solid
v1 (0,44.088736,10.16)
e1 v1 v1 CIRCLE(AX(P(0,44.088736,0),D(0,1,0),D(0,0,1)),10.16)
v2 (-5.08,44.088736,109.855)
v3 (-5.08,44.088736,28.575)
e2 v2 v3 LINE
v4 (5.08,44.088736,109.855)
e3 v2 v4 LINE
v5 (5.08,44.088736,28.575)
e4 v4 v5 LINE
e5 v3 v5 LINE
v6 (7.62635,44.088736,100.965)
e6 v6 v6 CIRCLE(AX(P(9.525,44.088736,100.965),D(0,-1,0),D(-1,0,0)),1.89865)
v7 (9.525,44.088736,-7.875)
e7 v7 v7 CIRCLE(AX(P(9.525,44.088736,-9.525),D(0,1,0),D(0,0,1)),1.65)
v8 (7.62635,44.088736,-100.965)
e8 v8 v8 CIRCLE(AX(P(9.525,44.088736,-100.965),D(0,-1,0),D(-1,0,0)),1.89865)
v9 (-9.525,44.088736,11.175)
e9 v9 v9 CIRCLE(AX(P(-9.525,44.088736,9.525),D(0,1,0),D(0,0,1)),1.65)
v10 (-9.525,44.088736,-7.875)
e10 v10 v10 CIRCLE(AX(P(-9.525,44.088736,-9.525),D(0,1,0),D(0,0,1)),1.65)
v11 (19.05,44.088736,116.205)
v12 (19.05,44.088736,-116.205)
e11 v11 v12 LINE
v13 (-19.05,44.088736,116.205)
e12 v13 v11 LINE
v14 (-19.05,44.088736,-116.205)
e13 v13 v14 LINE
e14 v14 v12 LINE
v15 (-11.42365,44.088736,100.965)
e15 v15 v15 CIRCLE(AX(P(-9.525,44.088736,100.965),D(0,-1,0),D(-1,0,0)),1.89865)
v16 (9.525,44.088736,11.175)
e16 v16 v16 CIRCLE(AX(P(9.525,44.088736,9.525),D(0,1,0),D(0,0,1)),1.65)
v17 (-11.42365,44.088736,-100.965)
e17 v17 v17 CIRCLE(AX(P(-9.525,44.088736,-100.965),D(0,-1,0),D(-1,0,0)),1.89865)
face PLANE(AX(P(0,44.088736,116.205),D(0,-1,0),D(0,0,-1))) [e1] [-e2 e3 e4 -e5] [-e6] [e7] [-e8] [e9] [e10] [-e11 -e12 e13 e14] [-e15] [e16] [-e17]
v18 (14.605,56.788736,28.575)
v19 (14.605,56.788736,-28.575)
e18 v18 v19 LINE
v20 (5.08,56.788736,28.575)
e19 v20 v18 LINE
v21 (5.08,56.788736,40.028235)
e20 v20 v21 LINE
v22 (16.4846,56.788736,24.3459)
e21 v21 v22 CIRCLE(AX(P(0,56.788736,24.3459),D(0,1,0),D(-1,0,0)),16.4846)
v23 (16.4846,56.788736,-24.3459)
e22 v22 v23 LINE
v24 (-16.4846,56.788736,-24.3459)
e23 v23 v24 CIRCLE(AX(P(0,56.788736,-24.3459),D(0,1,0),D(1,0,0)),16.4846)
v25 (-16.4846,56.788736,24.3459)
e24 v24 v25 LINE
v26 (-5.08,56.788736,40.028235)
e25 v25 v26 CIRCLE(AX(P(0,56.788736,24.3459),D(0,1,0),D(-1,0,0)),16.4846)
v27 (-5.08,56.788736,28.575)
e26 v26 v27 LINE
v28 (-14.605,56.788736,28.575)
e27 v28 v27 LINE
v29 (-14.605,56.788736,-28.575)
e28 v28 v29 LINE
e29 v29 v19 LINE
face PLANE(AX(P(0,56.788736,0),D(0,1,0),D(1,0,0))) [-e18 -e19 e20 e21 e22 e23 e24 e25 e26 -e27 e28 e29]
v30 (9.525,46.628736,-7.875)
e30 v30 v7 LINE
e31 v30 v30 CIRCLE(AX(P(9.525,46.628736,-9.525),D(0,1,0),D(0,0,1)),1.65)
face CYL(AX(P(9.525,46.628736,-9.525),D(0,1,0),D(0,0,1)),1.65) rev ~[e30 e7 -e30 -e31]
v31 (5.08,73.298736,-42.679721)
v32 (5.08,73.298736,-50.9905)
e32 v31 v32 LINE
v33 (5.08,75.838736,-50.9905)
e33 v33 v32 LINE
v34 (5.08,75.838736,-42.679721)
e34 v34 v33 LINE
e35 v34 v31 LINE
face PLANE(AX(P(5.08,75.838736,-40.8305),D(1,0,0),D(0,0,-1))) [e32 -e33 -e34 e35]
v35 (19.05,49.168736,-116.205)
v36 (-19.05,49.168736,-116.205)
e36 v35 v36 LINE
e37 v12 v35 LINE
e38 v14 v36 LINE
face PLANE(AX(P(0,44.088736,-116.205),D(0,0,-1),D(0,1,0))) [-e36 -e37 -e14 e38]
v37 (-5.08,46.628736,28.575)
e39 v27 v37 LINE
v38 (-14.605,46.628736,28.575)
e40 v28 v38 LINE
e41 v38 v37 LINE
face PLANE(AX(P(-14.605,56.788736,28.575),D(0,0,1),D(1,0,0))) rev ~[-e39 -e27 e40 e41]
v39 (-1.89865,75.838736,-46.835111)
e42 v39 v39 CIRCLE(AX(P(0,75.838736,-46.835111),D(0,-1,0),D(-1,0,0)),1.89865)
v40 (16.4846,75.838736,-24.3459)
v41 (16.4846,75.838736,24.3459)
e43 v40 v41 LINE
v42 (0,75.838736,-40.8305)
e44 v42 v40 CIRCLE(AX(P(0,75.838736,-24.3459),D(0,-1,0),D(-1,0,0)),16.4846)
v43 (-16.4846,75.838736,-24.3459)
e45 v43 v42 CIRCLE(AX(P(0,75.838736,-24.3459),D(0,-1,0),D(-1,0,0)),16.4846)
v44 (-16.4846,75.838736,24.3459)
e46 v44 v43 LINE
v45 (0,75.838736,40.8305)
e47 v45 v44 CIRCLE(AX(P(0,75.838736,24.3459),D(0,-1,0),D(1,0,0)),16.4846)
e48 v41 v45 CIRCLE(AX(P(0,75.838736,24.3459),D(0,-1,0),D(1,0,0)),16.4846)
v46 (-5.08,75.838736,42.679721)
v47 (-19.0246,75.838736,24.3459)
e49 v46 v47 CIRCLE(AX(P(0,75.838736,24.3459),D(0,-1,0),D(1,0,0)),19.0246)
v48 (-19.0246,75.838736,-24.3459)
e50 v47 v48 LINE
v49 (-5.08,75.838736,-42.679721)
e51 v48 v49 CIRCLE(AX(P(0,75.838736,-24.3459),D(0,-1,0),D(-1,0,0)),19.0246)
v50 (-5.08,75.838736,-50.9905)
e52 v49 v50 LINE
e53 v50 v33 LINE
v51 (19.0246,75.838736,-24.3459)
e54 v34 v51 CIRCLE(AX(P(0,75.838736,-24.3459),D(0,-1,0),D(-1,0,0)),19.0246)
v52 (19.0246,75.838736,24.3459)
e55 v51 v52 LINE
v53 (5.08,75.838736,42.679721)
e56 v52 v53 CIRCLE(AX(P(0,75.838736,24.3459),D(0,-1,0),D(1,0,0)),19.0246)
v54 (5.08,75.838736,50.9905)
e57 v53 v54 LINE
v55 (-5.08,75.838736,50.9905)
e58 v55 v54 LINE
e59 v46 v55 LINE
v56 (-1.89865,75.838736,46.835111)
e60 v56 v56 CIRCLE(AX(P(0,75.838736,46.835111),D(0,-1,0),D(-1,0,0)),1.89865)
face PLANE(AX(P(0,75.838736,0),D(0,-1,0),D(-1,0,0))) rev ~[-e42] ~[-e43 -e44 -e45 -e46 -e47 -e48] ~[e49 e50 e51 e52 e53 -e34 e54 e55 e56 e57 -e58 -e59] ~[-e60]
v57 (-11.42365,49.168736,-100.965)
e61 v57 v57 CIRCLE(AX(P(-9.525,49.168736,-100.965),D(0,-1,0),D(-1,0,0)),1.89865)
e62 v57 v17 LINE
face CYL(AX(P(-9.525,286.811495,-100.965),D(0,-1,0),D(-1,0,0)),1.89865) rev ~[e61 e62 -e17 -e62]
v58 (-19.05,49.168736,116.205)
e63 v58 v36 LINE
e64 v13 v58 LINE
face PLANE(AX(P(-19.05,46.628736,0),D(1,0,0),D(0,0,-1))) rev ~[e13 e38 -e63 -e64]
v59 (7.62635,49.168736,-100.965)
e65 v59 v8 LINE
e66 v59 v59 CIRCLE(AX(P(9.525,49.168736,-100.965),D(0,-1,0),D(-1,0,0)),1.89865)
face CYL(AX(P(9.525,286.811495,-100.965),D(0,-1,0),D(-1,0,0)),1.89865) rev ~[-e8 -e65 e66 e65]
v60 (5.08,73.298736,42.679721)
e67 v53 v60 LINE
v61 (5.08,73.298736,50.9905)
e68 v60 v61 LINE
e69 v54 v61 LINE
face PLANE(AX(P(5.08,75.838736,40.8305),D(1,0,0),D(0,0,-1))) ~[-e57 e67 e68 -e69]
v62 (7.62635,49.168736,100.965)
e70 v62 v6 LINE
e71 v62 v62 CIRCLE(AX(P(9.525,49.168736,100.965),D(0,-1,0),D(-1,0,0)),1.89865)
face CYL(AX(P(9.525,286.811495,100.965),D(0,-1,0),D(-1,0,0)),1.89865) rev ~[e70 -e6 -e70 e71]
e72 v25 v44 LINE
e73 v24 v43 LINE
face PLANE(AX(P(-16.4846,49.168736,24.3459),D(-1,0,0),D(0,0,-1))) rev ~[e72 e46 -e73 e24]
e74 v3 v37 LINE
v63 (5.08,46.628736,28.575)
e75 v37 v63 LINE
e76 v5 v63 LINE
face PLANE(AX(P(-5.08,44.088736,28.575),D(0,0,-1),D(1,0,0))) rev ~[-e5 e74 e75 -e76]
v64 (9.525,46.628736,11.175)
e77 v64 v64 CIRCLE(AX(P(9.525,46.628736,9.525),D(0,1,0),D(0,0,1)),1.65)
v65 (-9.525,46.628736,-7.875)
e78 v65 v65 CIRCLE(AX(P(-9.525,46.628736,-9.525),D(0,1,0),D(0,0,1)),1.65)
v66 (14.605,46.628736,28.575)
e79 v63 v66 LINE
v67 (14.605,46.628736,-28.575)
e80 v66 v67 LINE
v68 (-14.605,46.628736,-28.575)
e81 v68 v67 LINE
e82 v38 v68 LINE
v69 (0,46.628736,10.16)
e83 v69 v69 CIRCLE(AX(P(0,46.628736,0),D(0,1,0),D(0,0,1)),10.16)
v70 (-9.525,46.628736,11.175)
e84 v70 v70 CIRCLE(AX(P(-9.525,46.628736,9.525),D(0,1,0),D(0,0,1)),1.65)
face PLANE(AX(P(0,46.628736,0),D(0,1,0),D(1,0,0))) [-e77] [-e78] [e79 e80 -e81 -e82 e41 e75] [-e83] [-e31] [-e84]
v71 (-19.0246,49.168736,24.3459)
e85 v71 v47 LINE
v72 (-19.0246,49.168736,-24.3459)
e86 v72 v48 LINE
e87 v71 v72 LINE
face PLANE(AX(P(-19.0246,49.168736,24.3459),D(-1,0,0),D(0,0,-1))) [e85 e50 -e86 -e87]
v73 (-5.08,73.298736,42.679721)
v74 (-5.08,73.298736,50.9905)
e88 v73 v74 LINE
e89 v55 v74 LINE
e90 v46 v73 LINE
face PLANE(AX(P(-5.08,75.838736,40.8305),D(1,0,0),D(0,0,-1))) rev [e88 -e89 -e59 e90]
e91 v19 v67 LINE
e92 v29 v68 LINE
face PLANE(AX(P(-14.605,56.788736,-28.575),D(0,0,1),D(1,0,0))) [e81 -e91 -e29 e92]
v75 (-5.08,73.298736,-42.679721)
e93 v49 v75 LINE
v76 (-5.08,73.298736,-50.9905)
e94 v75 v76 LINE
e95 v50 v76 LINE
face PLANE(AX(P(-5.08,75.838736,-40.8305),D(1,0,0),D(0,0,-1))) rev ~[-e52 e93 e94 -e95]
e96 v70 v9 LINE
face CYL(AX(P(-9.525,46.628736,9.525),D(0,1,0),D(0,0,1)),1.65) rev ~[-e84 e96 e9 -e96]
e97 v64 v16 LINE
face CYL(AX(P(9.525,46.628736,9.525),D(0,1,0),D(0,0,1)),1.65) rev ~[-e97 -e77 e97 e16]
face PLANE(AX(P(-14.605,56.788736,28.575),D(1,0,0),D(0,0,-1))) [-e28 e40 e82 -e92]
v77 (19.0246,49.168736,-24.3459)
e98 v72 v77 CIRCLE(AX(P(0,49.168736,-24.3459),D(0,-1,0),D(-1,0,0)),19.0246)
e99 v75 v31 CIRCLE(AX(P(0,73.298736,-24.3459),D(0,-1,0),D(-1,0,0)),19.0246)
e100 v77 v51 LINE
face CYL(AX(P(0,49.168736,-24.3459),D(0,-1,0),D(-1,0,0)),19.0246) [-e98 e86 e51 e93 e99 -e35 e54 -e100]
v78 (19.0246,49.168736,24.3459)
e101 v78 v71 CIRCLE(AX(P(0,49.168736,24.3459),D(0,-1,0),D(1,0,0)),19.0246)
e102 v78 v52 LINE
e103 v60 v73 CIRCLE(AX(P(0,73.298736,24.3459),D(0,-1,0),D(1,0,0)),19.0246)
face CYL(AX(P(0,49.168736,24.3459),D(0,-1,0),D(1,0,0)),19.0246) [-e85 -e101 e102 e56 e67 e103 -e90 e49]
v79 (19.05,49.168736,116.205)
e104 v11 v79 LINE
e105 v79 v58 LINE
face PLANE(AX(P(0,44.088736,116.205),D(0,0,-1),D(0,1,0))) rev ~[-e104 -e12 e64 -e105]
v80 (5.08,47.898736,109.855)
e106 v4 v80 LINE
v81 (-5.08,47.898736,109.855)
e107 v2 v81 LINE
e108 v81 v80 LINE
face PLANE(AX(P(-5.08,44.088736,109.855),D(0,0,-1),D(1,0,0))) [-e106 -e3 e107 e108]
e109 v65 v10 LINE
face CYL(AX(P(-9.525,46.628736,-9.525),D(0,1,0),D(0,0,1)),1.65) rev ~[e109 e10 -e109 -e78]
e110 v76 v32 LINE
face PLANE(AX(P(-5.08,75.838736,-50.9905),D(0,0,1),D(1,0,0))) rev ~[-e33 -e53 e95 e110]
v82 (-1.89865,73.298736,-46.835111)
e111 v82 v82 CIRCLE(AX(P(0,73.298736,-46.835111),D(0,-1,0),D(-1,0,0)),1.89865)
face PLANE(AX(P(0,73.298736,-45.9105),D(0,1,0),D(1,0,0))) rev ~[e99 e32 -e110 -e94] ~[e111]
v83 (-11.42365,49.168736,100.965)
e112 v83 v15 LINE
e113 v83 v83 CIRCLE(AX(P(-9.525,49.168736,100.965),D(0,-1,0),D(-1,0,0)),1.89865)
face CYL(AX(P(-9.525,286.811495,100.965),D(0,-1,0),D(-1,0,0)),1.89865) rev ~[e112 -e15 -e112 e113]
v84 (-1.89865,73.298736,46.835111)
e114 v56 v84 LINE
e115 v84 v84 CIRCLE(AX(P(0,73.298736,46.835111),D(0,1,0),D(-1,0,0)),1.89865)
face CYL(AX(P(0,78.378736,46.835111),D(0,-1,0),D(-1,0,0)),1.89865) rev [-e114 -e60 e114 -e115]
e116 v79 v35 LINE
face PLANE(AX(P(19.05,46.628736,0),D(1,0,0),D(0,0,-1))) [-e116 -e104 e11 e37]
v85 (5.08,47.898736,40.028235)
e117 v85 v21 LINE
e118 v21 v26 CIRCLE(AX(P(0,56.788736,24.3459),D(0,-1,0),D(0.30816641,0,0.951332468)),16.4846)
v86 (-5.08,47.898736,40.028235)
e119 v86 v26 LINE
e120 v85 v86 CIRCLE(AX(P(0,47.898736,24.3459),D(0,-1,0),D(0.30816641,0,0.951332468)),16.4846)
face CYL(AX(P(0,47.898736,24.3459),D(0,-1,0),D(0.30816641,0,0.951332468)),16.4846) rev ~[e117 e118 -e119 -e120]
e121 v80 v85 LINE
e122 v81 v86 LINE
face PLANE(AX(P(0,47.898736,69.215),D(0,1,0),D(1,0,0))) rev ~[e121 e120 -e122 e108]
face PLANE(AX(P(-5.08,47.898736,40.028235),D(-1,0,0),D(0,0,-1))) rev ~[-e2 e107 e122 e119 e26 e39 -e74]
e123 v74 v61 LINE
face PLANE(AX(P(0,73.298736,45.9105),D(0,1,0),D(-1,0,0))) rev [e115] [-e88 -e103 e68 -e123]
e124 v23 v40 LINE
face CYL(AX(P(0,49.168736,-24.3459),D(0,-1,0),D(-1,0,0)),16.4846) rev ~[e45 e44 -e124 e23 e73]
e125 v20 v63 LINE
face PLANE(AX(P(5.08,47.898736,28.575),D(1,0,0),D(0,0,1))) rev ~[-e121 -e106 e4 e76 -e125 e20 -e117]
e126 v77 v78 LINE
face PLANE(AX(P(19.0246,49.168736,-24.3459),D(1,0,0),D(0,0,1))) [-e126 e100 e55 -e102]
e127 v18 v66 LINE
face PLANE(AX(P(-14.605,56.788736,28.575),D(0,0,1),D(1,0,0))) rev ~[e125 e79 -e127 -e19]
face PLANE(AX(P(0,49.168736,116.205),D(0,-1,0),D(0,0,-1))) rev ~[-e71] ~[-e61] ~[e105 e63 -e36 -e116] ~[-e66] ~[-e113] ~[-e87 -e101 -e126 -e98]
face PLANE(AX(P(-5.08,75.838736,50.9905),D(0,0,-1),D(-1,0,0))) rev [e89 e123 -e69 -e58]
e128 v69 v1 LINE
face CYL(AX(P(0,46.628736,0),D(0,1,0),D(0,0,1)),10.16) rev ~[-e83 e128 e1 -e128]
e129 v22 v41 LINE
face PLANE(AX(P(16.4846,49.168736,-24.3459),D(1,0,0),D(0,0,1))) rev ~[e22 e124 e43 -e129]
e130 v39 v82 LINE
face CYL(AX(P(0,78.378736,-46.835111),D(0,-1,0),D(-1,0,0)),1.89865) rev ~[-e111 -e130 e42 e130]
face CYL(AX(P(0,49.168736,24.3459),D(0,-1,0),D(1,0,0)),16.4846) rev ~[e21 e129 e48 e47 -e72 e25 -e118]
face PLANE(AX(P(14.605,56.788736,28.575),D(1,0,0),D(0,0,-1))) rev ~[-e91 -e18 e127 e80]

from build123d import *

# Parameters (mm, degrees)
ESQUISSE1_W             = 232.41
ESQUISSE1_H             = 5.08
EXTRU_MINCE1_DEPTH      = 19.05
EXTRU_MINCE2_DEPTH      = 26.67
BOSS_EXTRU_2_DEPTH      = 7.62
ESQUISSE2_W             = 29.21
ESQUISSE2_H             = 57.15
ENL_V_MAT_EXTRU_1_DEPTH = 10.16
ENL_V_MAT_EXTRU_2_REACH = 123.325
ESQUISSE7_R             = 1.65
ESQUISSE8_R             = 10.16
ENL_V_MAT_EXTRU_3_DEPTH = 122.324888729
ESQUISSE9_W             = 10.16
ESQUISSE9_H             = 10.16
BOSS_EXTRU_1_DEPTH      = 2.54
D_GAGEMENT_61_D         = 3.7973
D_GAGEMENT_61_DEPTH     = 2.54
ESQUISSE12_W            = 10.16
ESQUISSE12_H            = 81.28
ENL_V_MAT_EXTRU_4_DEPTH = 3.81
ENL_V_START             = -8.89
ENL_V_MAT_EXTRU_5_DEPTH = 8.89
D_GAGEMENT_62_D         = 3.7973


with BuildPart() as part:
    # Esquisse1 → Extru.-Mince1 (new, symmetric)
    with BuildSketch(Plane(origin=(0, 0, 0), x_dir=(0, 0, -1), z_dir=(1, 0, 0))):
        with Locations((0, 46.628736397)):
            Rectangle(ESQUISSE1_W, ESQUISSE1_H)
    extrude(amount=EXTRU_MINCE1_DEPTH, both=True)

    # Esquisse6 → Extru.-Mince2 (add)
    with BuildSketch(Plane(origin=(0, 49.168736397, 0), x_dir=(1, 0, 0), z_dir=(0, 1, 0))):
        with BuildLine():
            Line((-19.0246, -24.3459), (-19.0246, 24.3459))
            ThreePointArc((-19.0246, 24.3459), (0, 43.3705), (19.0246, 24.3459))
            Line((19.0246, 24.3459), (19.0246, -24.3459))
            ThreePointArc((19.0246, -24.3459), (0, -43.3705), (-19.0246, -24.3459))
        make_face()
        with BuildLine():
            Line((-16.4846, -24.3459), (-16.4846, 24.3459))
            ThreePointArc((-16.4846, 24.3459), (0, 40.8305), (16.4846, 24.3459))
            Line((16.4846, 24.3459), (16.4846, -24.3459))
            ThreePointArc((16.4846, -24.3459), (0, -40.8305), (-16.4846, -24.3459))
        make_face(mode=Mode.SUBTRACT)
    extrude(amount=EXTRU_MINCE2_DEPTH)

    # Esquisse13 → Boss.-Extru.2 (add)
    with BuildSketch(Plane(origin=(0, 49.168736397, 0), x_dir=(1, 0, 0), z_dir=(0, 1, 0))):
        with BuildLine():
            Line((-16.4846, 24.3459), (-16.4846, -24.3459))
            ThreePointArc((-16.4846, -24.3459), (0, -40.8305), (16.4846, -24.3459))
            Line((16.4846, -24.3459), (16.4846, 24.3459))
            ThreePointArc((16.4846, 24.3459), (0, 40.8305), (-16.4846, 24.3459))
        make_face()
    extrude(amount=BOSS_EXTRU_2_DEPTH)

    # Esquisse2 → Enlèv. mat.-Extru.1 (cut)
    with BuildSketch(Plane(origin=(0, 56.788736397, 0), x_dir=(1, 0, 0), z_dir=(0, 1, 0))):
        Rectangle(ESQUISSE2_W, ESQUISSE2_H)
    extrude(amount=-ENL_V_MAT_EXTRU_1_DEPTH, mode=Mode.SUBTRACT)

    # Esquisse7 → Enlèv. mat.-Extru.2 (cut, up to next)
    with BuildSketch(Plane(origin=(0, 46.628736397, 0), x_dir=(1, 0, 0), z_dir=(0, 1, 0)), mode=Mode.PRIVATE) as enl_v_mat_extru_2_sk1:
        with Locations(Location((-9.525, 9.525, 0), (0, 0, 270))):
            Circle(ESQUISSE7_R)
    enl_v_mat_extru_2_tool1 = extrude(enl_v_mat_extru_2_sk1.sketch, amount=-ENL_V_MAT_EXTRU_2_REACH, mode=Mode.PRIVATE) & part.part
    # Esquisse7 → Enlèv. mat.-Extru.2 (cut, up to next)
    with BuildSketch(Plane(origin=(0, 46.628736397, 0), x_dir=(1, 0, 0), z_dir=(0, 1, 0)), mode=Mode.PRIVATE) as enl_v_mat_extru_2_sk2:
        with Locations(Location((9.525, 9.525, 0), (0, 0, 270))):
            Circle(ESQUISSE7_R)
    enl_v_mat_extru_2_tool2 = extrude(enl_v_mat_extru_2_sk2.sketch, amount=-ENL_V_MAT_EXTRU_2_REACH, mode=Mode.PRIVATE) & part.part
    # Esquisse7 → Enlèv. mat.-Extru.2 (cut, up to next)
    with BuildSketch(Plane(origin=(0, 46.628736397, 0), x_dir=(1, 0, 0), z_dir=(0, 1, 0)), mode=Mode.PRIVATE) as enl_v_mat_extru_2_sk3:
        with Locations(Location((9.525, -9.525, 0), (0, 0, 270))):
            Circle(ESQUISSE7_R)
    enl_v_mat_extru_2_tool3 = extrude(enl_v_mat_extru_2_sk3.sketch, amount=-ENL_V_MAT_EXTRU_2_REACH, mode=Mode.PRIVATE) & part.part
    # Esquisse7 → Enlèv. mat.-Extru.2 (cut, up to next)
    with BuildSketch(Plane(origin=(0, 46.628736397, 0), x_dir=(1, 0, 0), z_dir=(0, 1, 0)), mode=Mode.PRIVATE) as enl_v_mat_extru_2_sk4:
        with Locations(Location((-9.525, -9.525, 0), (0, 0, 270))):
            Circle(ESQUISSE7_R)
    enl_v_mat_extru_2_tool4 = extrude(enl_v_mat_extru_2_sk4.sketch, amount=-ENL_V_MAT_EXTRU_2_REACH, mode=Mode.PRIVATE) & part.part
    add(enl_v_mat_extru_2_tool1.solids().sort_by_distance((-9.525, 46.628736, -9.525))[0], mode=Mode.SUBTRACT)
    add(enl_v_mat_extru_2_tool2.solids().sort_by_distance((9.525, 46.628736, -9.525))[0], mode=Mode.SUBTRACT)
    add(enl_v_mat_extru_2_tool3.solids().sort_by_distance((9.525, 46.628736, 9.525))[0], mode=Mode.SUBTRACT)
    add(enl_v_mat_extru_2_tool4.solids().sort_by_distance((-9.525, 46.628736, 9.525))[0], mode=Mode.SUBTRACT)

    # Esquisse8 → Enlèv. mat.-Extru.3 (cut, through all)
    with BuildSketch(Plane(origin=(0, 46.628736397, 0), x_dir=(1, 0, 0), z_dir=(0, 1, 0))):
        with Locations(Location((0, 0, 0), (0, 0, 270))):
            Circle(ESQUISSE8_R)
    extrude(amount=-ENL_V_MAT_EXTRU_3_DEPTH, mode=Mode.SUBTRACT)

    # Esquisse9 → Boss.-Extru.1 (add)
    with BuildSketch(Plane(origin=(0, 75.838736397, 0), x_dir=(1, 0, 0), z_dir=(0, 1, 0))):
        with Locations((0, 45.9105)):
            Rectangle(ESQUISSE9_W, ESQUISSE9_H)
    boss_extru_1 = extrude(amount=-BOSS_EXTRU_1_DEPTH)

    # Dégagement #61
    with Locations(Plane(origin=(0, 75.838736397, 0), x_dir=(1, 0, 0), z_dir=(0, 1, 0))):
        with Locations((0, 46.835110673)):
            d_gagement_61 = Hole(D_GAGEMENT_61_D / 2, depth=D_GAGEMENT_61_DEPTH)

    # Symétrie1: Boss.-Extru.1, Dégagement #61 across plane
    add(boss_extru_1.mirror(Plane.XY))
    add(d_gagement_61.mirror(Plane.XY), mode=Mode.SUBTRACT)

    # Esquisse12 → Enlèv. mat.-Extru.4 (cut)
    with BuildSketch(Plane(origin=(0, 44.088736397, 0), x_dir=(1, 0, 0), z_dir=(0, 1, 0))):
        with Locations((0, -69.215)):
            Rectangle(ESQUISSE12_W, ESQUISSE12_H)
    extrude(amount=ENL_V_MAT_EXTRU_4_DEPTH, mode=Mode.SUBTRACT)

    # Esquisse14 → Enlèv. mat.-Extru.5 (cut)
    with BuildSketch(Plane(origin=(0, 56.788736397, 0), x_dir=(1, 0, 0), z_dir=(0, 1, 0)).offset(ENL_V_START)):
        with BuildLine():
            Line((-5.08, -28.575), (5.08, -28.575))
            Line((5.08, -28.575), (5.08, -40.028235195))
            ThreePointArc((5.08, -40.028235195), (0, -40.8305), (-5.08, -40.028235195))
            Line((-5.08, -40.028235195), (-5.08, -28.575))
        make_face()
    extrude(amount=ENL_V_MAT_EXTRU_5_DEPTH, mode=Mode.SUBTRACT)

    # Dégagement #62 (through all)
    with Locations(Plane(origin=(0, 49.168736397, 0), x_dir=(1, 0, 0), z_dir=(0, 1, 0))):
        with Locations((-9.525, 100.965), (9.525, 100.965), (9.525, -100.965), (-9.525, -100.965)):
            Hole(D_GAGEMENT_62_D / 2)


solid = part.part
